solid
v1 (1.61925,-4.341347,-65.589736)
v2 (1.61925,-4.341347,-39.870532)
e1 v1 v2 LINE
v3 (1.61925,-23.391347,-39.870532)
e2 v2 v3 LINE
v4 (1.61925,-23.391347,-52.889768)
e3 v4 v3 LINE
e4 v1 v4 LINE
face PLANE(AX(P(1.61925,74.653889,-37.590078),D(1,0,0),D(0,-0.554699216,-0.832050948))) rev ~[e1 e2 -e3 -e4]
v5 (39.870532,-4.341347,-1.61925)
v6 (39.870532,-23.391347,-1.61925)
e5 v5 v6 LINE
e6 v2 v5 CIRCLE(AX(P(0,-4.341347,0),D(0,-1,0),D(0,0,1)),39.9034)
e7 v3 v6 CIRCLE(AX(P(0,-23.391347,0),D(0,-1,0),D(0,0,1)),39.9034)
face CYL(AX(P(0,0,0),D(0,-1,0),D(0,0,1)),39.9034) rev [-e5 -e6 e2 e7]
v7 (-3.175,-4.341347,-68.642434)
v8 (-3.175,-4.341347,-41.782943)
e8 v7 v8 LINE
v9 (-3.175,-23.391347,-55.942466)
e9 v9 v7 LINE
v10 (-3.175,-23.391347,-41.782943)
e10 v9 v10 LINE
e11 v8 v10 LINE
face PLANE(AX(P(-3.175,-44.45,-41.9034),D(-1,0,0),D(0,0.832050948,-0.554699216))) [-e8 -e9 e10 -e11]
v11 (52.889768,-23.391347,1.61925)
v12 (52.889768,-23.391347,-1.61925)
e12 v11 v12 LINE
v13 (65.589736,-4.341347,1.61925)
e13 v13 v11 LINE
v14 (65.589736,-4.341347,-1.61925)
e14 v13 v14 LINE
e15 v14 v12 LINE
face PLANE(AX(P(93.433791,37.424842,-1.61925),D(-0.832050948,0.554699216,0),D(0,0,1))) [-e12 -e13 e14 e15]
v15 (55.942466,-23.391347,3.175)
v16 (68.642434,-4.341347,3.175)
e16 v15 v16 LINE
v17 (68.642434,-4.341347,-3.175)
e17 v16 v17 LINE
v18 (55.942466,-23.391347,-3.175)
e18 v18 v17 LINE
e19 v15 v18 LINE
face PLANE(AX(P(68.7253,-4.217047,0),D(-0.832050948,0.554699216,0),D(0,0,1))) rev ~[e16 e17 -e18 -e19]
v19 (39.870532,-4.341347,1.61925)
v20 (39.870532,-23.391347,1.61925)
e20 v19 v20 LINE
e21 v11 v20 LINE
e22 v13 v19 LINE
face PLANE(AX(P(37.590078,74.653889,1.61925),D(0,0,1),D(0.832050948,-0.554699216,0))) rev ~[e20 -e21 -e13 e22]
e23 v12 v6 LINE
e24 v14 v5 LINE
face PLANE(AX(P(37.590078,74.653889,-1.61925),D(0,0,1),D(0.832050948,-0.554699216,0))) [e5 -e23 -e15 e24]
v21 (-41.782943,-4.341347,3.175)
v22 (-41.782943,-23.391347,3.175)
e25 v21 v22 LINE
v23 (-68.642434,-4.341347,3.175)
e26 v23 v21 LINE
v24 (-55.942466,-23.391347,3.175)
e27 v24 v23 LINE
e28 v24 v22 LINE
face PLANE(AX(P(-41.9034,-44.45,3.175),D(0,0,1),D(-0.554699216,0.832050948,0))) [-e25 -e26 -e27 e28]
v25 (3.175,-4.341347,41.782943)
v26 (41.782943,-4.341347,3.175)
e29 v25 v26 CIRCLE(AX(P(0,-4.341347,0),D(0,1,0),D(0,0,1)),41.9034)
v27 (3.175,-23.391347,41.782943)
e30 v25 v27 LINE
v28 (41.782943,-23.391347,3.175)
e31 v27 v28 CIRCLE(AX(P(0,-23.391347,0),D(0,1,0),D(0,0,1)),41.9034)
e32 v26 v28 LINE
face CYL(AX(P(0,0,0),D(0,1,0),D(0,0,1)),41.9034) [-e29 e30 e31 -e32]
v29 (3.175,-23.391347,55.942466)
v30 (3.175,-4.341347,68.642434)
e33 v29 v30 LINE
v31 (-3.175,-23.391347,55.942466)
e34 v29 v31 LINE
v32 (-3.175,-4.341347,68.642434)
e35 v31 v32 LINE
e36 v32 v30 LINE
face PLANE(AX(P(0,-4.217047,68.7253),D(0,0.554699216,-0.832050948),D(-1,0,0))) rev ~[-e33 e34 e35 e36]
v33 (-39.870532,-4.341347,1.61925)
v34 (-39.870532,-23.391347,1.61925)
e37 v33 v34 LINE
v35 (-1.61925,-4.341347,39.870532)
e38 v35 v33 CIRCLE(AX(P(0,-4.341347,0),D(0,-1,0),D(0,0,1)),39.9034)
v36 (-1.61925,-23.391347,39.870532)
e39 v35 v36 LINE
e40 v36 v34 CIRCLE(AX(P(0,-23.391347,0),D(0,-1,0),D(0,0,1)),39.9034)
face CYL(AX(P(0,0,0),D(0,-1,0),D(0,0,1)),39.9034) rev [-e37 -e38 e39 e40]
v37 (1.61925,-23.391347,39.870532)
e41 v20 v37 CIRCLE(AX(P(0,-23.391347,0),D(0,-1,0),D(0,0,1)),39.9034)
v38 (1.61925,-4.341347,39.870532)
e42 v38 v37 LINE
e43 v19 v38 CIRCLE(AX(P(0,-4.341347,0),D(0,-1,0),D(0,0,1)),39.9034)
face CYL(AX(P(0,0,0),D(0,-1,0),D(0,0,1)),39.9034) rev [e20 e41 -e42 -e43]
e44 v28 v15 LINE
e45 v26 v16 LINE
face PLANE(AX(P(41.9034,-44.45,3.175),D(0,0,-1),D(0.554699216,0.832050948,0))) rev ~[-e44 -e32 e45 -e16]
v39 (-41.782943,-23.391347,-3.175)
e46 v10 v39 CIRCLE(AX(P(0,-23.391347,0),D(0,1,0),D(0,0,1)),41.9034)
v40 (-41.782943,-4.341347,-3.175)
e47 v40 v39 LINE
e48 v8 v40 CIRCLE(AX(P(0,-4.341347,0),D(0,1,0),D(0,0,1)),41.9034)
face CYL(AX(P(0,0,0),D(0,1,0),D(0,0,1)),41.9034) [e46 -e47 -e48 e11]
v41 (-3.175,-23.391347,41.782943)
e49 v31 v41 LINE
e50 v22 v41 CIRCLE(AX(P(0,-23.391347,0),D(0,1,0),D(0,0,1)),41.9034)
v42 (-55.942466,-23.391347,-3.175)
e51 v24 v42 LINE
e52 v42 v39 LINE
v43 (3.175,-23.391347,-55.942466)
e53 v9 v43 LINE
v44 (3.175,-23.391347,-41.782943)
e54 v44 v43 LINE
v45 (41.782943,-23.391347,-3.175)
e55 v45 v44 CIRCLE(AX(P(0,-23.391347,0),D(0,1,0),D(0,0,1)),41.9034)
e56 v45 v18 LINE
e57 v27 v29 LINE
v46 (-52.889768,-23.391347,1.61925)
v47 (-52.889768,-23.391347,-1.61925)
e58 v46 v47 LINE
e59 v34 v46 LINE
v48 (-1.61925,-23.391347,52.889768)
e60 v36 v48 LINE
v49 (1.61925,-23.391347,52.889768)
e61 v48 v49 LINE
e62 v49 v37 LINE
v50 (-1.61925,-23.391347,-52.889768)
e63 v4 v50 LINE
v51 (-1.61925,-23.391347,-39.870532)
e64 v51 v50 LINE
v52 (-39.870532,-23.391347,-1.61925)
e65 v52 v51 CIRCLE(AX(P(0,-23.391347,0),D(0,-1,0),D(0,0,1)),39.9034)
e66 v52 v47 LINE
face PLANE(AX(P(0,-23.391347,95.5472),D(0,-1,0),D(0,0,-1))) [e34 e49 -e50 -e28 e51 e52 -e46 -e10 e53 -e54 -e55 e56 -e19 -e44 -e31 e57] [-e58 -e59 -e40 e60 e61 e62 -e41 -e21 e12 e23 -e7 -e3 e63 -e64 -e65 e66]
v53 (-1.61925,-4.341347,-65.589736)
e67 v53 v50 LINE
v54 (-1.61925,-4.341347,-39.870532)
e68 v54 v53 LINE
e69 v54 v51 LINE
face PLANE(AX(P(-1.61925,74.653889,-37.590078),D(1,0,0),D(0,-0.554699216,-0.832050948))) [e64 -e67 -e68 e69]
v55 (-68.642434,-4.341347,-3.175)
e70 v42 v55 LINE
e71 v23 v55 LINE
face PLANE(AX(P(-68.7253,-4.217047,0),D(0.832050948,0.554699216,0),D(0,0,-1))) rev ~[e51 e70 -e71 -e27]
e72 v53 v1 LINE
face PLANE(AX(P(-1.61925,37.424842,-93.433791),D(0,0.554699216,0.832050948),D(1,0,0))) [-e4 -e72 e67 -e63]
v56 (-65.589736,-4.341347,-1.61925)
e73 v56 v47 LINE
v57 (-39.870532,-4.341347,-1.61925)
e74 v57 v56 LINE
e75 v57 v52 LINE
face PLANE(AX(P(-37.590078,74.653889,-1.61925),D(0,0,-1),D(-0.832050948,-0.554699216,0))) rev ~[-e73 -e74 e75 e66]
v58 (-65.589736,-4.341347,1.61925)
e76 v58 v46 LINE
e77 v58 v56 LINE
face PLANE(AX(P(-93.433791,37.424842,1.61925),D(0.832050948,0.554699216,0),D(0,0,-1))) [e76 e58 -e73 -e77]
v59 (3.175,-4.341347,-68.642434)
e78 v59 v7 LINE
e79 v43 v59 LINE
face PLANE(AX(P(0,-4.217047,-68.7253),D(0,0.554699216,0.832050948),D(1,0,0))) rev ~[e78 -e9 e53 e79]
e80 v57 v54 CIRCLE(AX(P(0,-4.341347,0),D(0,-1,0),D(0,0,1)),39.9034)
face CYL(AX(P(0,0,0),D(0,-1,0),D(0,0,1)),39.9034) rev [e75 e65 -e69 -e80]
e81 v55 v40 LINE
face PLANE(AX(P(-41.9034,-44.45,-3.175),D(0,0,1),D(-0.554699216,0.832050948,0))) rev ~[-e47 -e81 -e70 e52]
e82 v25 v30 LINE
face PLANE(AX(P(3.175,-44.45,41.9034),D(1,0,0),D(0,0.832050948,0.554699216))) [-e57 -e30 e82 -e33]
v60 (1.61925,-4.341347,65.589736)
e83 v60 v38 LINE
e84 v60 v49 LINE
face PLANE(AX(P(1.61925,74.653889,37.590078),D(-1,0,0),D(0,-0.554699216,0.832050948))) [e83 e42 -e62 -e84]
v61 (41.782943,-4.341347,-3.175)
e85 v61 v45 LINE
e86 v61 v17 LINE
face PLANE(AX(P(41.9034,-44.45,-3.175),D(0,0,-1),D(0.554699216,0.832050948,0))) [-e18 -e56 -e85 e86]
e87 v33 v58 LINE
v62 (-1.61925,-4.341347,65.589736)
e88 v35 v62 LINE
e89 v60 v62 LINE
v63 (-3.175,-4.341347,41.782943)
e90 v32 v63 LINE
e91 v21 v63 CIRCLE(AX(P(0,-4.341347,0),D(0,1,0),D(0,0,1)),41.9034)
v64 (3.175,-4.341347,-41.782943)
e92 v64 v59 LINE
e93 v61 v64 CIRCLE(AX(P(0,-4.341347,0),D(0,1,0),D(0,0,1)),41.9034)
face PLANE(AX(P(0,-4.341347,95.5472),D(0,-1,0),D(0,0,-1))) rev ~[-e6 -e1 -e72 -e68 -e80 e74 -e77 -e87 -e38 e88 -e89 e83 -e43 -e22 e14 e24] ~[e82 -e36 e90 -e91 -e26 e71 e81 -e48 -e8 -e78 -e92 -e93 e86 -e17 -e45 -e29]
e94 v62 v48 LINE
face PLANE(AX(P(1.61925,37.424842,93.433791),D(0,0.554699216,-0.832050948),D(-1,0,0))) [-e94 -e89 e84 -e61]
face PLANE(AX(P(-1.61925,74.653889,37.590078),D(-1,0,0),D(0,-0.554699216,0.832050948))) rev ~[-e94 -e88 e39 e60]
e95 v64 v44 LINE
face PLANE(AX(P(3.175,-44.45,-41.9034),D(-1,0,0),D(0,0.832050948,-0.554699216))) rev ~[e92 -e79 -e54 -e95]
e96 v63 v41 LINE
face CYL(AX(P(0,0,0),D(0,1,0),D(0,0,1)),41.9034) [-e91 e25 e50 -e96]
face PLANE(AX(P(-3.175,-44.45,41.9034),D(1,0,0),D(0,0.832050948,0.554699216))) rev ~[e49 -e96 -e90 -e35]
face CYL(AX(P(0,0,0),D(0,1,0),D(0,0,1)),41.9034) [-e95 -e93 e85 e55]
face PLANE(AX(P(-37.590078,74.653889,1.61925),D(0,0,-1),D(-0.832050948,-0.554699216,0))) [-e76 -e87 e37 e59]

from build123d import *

# Parameters (mm, degrees)
SKETCH1_R                = 41.9034
SKETCH1_R_2              = 39.9034
BOSS_EXTRUDE1_DEPTH      = 57.15
BOSS_EXTRUDE2_REACH      = 137.075
BOSS_EXTRUDE2_END_RADIUS = 41.9034
SKETCH4_W                = 6.35
SKETCH4_H                = 96.707907256
CUT_EXTRUDE1_REACH       = 161.401
CUT_EXTRUDE1_END_RADIUS  = 39.9034
SKETCH5_W                = 3.2385
SKETCH5_H                = 67.115737741
CIRPATTERN1_COUNT        = 4
SKETCH6_W                = 191.094400596
SKETCH6_H                = 76.2
SKETCH6_H_2              = 57.15
CUT_EXTRUDE2_DEPTH       = 154.043134259
CUT_EXTRUDE2_DEPTH_BACK  = 154.043134259


with BuildPart() as part:
    # Sketch1 → Boss-Extrude1 (new, symmetric)
    with BuildSketch(Plane(origin=(0, 0, 0), x_dir=(1, 0, 0), z_dir=(0, 1, 0))):
        with Locations(Location((0, 0, 0), (0, 0, 270))):
            Circle(SKETCH1_R)
        with Locations(Location((0, 0, 0), (0, 0, 270))):
            Circle(SKETCH1_R_2, mode=Mode.SUBTRACT)
    extrude(amount=BOSS_EXTRUDE1_DEPTH, both=True)

    # Boss-Extrude2: up to this cylinder (the profile starts outside it)
    boss_extrude2_end = Plane(origin=(0, -4.217047, 0), z_dir=(0, -1, 0)) * Cylinder(BOSS_EXTRUDE2_END_RADIUS, 358.9568, mode=Mode.PRIVATE)
    # Sketch4 → Boss-Extrude2 (add, up to the surface)
    with BuildSketch(Plane(origin=(0, -33.016886495, -49.525456207), x_dir=(1, 0, 0), z_dir=(0, 0.5546992156114063, 0.8320509480795575)), mode=Mode.PRIVATE) as boss_extrude2_sk1:
        with Locations((0, 34.613072097)):
            Rectangle(SKETCH4_W, SKETCH4_H)
    boss_extrude2_tool1 = extrude(boss_extrude2_sk1.sketch, amount=BOSS_EXTRUDE2_REACH, mode=Mode.PRIVATE) - boss_extrude2_end
    boss_extrude2 = boss_extrude2_tool1.solids().sort_by_distance((0, -4.217047, -68.7253))[0]
    add(boss_extrude2)

    # Cut-Extrude1: up to this cylinder (the profile starts outside it)
    cut_extrude1_end = Plane(origin=(0, 56.039365, 0), z_dir=(0, -1, 0)) * Cylinder(CUT_EXTRUDE1_END_RADIUS, 403.6088, mode=Mode.PRIVATE)
    # Sketch5 → Cut-Extrude1 (cut, up to the surface)
    with BuildSketch(Plane(origin=(0, 69.032792414, -46.021744091), x_dir=(1, 0, 0), z_dir=(0, 0.8320509480795577, -0.5546992156114063)), mode=Mode.PRIVATE) as cut_extrude1_sk1:
        with Locations((0, 23.424274962)):
            Rectangle(SKETCH5_W, SKETCH5_H)
    cut_extrude1_tool1 = extrude(cut_extrude1_sk1.sketch, amount=-CUT_EXTRUDE1_REACH, mode=Mode.PRIVATE) - cut_extrude1_end
    cut_extrude1 = cut_extrude1_tool1.solids().sort_by_distance((0, 56.039365, -65.511934))[0]
    add(cut_extrude1, mode=Mode.SUBTRACT)

    # CirPattern1: Boss-Extrude2, Cut-Extrude1 ×4 about axis
    cirpattern1_axis = Axis((0, 0, 0), (0, 1, 0))
    add([boss_extrude2.rotate(cirpattern1_axis, i * 360 / CIRPATTERN1_COUNT) for i in range(1, CIRPATTERN1_COUNT)])
    add([cut_extrude1.rotate(cirpattern1_axis, i * 360 / CIRPATTERN1_COUNT) for i in range(1, CIRPATTERN1_COUNT)], mode=Mode.SUBTRACT)

    # Sketch6 → Cut-Extrude2 (cut, two sides)
    with BuildSketch(Plane(origin=(0, 0, 0), x_dir=(0, 0, -1), z_dir=(1, 0, 0))) as cut_extrude2_sk:
        with Locations((0, 33.758652745)):
            Rectangle(SKETCH6_W, SKETCH6_H)
        with Locations((0, -51.966347255)):
            Rectangle(SKETCH6_W, SKETCH6_H_2)
    extrude(amount=CUT_EXTRUDE2_DEPTH, mode=Mode.SUBTRACT)
    extrude(cut_extrude2_sk.sketch, amount=-CUT_EXTRUDE2_DEPTH_BACK, mode=Mode.SUBTRACT)


solid = part.part
